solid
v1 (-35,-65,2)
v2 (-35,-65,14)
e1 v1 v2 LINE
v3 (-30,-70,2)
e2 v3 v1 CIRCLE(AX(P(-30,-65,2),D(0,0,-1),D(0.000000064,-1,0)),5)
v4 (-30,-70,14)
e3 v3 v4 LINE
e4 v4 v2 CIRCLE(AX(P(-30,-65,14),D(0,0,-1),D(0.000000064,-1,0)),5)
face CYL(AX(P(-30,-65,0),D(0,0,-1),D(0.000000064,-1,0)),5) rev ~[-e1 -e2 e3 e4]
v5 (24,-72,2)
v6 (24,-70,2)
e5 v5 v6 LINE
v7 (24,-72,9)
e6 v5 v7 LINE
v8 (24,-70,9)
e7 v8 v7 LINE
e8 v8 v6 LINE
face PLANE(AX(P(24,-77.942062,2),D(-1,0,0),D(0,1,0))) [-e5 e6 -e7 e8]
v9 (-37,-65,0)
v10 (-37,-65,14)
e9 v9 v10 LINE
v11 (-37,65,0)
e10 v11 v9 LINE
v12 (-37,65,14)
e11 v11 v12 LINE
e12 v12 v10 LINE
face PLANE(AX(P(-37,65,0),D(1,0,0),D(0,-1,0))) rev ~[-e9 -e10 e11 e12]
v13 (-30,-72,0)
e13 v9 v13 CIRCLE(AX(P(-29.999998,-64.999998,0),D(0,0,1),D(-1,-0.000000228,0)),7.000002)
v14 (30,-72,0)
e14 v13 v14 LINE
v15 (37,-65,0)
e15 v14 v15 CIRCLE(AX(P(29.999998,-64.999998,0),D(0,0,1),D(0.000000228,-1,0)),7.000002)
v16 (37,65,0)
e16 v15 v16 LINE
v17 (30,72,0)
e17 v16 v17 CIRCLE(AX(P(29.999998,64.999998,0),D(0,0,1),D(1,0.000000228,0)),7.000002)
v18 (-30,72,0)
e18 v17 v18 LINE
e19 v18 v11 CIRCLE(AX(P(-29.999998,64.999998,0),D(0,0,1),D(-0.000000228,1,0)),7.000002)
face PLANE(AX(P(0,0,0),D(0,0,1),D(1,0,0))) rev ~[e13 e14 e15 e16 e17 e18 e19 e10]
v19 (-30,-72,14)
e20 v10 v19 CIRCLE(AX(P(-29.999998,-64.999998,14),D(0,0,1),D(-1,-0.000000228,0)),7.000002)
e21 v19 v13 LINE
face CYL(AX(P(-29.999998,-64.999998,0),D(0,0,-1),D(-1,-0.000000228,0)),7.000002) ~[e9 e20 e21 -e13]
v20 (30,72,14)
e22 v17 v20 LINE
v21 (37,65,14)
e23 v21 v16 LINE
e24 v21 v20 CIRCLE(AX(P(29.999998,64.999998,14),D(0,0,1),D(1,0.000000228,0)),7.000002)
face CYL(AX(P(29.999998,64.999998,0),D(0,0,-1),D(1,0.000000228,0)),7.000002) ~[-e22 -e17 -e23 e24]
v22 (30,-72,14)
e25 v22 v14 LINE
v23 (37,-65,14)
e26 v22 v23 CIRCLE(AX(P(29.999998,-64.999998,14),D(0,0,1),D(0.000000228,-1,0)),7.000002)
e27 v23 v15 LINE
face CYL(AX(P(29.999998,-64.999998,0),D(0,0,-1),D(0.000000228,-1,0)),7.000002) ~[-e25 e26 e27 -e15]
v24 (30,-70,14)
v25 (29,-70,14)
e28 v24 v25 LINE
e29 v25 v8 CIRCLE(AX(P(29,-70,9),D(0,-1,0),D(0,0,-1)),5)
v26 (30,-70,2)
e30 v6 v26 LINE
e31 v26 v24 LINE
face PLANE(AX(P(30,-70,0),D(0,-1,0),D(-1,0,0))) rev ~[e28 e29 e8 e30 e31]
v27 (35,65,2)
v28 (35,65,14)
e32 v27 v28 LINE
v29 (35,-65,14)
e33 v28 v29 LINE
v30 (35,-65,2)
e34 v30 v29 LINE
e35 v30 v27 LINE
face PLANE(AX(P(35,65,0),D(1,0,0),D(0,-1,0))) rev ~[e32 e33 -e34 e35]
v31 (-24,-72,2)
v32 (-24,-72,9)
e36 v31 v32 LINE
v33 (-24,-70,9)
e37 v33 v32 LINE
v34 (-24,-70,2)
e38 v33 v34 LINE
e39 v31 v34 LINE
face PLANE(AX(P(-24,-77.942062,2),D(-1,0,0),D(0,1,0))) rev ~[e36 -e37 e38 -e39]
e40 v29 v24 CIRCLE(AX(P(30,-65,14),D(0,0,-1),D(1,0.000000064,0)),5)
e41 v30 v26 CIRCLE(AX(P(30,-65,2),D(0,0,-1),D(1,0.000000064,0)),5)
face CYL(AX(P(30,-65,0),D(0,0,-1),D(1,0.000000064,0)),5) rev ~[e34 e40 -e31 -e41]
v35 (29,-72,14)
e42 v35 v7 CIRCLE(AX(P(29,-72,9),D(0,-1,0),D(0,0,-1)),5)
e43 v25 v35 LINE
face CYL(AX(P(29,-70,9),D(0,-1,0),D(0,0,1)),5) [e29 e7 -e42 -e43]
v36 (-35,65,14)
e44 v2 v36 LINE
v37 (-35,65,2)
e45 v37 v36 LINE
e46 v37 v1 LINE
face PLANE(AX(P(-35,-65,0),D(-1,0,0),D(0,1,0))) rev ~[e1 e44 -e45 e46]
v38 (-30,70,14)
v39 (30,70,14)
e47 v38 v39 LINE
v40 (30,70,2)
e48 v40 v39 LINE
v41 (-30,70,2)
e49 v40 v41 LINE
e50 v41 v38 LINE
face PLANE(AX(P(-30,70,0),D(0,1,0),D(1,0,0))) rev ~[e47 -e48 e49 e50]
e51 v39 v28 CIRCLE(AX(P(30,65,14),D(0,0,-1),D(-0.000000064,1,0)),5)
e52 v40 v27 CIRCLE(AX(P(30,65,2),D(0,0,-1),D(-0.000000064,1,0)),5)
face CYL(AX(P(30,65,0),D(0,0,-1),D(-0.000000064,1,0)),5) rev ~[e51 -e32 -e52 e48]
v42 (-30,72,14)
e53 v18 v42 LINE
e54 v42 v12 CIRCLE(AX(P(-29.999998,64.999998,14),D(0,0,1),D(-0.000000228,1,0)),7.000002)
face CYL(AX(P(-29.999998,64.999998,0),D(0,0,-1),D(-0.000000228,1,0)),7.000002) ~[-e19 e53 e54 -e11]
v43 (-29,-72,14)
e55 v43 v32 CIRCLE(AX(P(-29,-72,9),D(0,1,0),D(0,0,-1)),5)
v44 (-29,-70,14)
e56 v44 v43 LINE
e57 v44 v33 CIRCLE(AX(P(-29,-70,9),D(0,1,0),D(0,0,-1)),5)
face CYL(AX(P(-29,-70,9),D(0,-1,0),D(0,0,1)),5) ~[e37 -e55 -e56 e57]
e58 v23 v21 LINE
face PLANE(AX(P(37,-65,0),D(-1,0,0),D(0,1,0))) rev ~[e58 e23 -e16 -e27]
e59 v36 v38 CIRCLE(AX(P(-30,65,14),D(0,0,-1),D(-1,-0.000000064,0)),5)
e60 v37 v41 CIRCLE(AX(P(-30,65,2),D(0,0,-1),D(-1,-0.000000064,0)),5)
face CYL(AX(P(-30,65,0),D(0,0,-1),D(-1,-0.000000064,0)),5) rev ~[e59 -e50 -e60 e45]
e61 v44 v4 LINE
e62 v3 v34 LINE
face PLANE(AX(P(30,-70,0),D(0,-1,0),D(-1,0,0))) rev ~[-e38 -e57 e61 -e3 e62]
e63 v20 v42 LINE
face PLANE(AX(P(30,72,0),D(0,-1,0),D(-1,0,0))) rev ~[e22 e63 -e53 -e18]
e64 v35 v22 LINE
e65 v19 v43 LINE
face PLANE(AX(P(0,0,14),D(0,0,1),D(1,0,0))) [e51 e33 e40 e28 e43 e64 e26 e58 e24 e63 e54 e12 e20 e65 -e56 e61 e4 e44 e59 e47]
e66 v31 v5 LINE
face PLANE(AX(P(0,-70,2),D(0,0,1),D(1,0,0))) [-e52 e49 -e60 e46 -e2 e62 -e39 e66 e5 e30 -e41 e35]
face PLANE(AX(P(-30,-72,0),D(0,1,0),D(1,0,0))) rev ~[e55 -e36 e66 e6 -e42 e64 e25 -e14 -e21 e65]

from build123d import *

# Parameters (mm, degrees)
F1_DEPTH = 2
F2_DEPTH = 14
F3_W     = 48
F3_H     = 15.884124
F4_DEPTH = 25
F5_R     = 5


with BuildPart() as f1:
    # F0 (on Top) → F1 (new body)
    with BuildSketch(Plane.XY):
        with BuildLine():
            ThreePointArc((37, 65), (34.949747, 69.949747), (30, 72))
            Line((30, 72), (-30, 72))
            ThreePointArc((-30, 72), (-34.949747, 69.949747), (-37, 65))
            Line((-37, 65), (-37, -65))
            ThreePointArc((-37, -65), (-34.949747, -69.949747), (-30, -72))
            Line((-30, -72), (30, -72))
            ThreePointArc((30, -72), (34.949747, -69.949747), (37, -65))
            Line((37, -65), (37, 65))
        make_face()
        with BuildLine():
            Line((-30, 70), (30, 70))
            ThreePointArc((30, 70), (33.535534, 68.535534), (35, 65))
            Line((35, 65), (35, -65))
            ThreePointArc((35, -65), (33.535534, -68.535534), (30, -70))
            Line((30, -70), (-30, -70))
            ThreePointArc((-30, -70), (-33.535534, -68.535534), (-35, -65))
            Line((-35, -65), (-35, 65))
            ThreePointArc((-35, 65), (-33.535534, 68.535534), (-30, 70))
        make_face(mode=Mode.SUBTRACT)
        with BuildLine():
            ThreePointArc((35, 65), (33.535534, 68.535534), (30, 70))
            Line((30, 70), (-30, 70))
            ThreePointArc((-30, 70), (-33.535534, 68.535534), (-35, 65))
            Line((-35, 65), (-35, -65))
            ThreePointArc((-35, -65), (-33.535534, -68.535534), (-30, -70))
            Line((-30, -70), (30, -70))
            ThreePointArc((30, -70), (33.535534, -68.535534), (35, -65))
            Line((35, -65), (35, 65))
        make_face()
    extrude(amount=F1_DEPTH)

    # F0 (on Top) → F2 (join)
    with BuildSketch(Plane.XY):
        with BuildLine():
            ThreePointArc((37, 65), (34.949747, 69.949747), (30, 72))
            Line((30, 72), (-30, 72))
            ThreePointArc((-30, 72), (-34.949747, 69.949747), (-37, 65))
            Line((-37, 65), (-37, -65))
            ThreePointArc((-37, -65), (-34.949747, -69.949747), (-30, -72))
            Line((-30, -72), (30, -72))
            ThreePointArc((30, -72), (34.949747, -69.949747), (37, -65))
            Line((37, -65), (37, 65))
        make_face()
        with BuildLine():
            Line((-30, 70), (30, 70))
            ThreePointArc((30, 70), (33.535534, 68.535534), (35, 65))
            Line((35, 65), (35, -65))
            ThreePointArc((35, -65), (33.535534, -68.535534), (30, -70))
            Line((30, -70), (-30, -70))
            ThreePointArc((-30, -70), (-33.535534, -68.535534), (-35, -65))
            Line((-35, -65), (-35, 65))
            ThreePointArc((-35, 65), (-33.535534, 68.535534), (-30, 70))
        make_face(mode=Mode.SUBTRACT)
    extrude(amount=F2_DEPTH)

    # F3 (on face) → F4 (cut)
    with BuildSketch(Plane.XY.offset(2)):
        with Locations((0, -70)):
            Rectangle(F3_W, F3_H)
    extrude(amount=F4_DEPTH, mode=Mode.SUBTRACT)

    # F5
    f5_edges = [f1.edges().sort_by_distance(p)[0] for p in [
        (-24, -71, 14),
        (24, -71, 14),
    ]]
    fillet(f5_edges, radius=F5_R)


solid = f1.part
